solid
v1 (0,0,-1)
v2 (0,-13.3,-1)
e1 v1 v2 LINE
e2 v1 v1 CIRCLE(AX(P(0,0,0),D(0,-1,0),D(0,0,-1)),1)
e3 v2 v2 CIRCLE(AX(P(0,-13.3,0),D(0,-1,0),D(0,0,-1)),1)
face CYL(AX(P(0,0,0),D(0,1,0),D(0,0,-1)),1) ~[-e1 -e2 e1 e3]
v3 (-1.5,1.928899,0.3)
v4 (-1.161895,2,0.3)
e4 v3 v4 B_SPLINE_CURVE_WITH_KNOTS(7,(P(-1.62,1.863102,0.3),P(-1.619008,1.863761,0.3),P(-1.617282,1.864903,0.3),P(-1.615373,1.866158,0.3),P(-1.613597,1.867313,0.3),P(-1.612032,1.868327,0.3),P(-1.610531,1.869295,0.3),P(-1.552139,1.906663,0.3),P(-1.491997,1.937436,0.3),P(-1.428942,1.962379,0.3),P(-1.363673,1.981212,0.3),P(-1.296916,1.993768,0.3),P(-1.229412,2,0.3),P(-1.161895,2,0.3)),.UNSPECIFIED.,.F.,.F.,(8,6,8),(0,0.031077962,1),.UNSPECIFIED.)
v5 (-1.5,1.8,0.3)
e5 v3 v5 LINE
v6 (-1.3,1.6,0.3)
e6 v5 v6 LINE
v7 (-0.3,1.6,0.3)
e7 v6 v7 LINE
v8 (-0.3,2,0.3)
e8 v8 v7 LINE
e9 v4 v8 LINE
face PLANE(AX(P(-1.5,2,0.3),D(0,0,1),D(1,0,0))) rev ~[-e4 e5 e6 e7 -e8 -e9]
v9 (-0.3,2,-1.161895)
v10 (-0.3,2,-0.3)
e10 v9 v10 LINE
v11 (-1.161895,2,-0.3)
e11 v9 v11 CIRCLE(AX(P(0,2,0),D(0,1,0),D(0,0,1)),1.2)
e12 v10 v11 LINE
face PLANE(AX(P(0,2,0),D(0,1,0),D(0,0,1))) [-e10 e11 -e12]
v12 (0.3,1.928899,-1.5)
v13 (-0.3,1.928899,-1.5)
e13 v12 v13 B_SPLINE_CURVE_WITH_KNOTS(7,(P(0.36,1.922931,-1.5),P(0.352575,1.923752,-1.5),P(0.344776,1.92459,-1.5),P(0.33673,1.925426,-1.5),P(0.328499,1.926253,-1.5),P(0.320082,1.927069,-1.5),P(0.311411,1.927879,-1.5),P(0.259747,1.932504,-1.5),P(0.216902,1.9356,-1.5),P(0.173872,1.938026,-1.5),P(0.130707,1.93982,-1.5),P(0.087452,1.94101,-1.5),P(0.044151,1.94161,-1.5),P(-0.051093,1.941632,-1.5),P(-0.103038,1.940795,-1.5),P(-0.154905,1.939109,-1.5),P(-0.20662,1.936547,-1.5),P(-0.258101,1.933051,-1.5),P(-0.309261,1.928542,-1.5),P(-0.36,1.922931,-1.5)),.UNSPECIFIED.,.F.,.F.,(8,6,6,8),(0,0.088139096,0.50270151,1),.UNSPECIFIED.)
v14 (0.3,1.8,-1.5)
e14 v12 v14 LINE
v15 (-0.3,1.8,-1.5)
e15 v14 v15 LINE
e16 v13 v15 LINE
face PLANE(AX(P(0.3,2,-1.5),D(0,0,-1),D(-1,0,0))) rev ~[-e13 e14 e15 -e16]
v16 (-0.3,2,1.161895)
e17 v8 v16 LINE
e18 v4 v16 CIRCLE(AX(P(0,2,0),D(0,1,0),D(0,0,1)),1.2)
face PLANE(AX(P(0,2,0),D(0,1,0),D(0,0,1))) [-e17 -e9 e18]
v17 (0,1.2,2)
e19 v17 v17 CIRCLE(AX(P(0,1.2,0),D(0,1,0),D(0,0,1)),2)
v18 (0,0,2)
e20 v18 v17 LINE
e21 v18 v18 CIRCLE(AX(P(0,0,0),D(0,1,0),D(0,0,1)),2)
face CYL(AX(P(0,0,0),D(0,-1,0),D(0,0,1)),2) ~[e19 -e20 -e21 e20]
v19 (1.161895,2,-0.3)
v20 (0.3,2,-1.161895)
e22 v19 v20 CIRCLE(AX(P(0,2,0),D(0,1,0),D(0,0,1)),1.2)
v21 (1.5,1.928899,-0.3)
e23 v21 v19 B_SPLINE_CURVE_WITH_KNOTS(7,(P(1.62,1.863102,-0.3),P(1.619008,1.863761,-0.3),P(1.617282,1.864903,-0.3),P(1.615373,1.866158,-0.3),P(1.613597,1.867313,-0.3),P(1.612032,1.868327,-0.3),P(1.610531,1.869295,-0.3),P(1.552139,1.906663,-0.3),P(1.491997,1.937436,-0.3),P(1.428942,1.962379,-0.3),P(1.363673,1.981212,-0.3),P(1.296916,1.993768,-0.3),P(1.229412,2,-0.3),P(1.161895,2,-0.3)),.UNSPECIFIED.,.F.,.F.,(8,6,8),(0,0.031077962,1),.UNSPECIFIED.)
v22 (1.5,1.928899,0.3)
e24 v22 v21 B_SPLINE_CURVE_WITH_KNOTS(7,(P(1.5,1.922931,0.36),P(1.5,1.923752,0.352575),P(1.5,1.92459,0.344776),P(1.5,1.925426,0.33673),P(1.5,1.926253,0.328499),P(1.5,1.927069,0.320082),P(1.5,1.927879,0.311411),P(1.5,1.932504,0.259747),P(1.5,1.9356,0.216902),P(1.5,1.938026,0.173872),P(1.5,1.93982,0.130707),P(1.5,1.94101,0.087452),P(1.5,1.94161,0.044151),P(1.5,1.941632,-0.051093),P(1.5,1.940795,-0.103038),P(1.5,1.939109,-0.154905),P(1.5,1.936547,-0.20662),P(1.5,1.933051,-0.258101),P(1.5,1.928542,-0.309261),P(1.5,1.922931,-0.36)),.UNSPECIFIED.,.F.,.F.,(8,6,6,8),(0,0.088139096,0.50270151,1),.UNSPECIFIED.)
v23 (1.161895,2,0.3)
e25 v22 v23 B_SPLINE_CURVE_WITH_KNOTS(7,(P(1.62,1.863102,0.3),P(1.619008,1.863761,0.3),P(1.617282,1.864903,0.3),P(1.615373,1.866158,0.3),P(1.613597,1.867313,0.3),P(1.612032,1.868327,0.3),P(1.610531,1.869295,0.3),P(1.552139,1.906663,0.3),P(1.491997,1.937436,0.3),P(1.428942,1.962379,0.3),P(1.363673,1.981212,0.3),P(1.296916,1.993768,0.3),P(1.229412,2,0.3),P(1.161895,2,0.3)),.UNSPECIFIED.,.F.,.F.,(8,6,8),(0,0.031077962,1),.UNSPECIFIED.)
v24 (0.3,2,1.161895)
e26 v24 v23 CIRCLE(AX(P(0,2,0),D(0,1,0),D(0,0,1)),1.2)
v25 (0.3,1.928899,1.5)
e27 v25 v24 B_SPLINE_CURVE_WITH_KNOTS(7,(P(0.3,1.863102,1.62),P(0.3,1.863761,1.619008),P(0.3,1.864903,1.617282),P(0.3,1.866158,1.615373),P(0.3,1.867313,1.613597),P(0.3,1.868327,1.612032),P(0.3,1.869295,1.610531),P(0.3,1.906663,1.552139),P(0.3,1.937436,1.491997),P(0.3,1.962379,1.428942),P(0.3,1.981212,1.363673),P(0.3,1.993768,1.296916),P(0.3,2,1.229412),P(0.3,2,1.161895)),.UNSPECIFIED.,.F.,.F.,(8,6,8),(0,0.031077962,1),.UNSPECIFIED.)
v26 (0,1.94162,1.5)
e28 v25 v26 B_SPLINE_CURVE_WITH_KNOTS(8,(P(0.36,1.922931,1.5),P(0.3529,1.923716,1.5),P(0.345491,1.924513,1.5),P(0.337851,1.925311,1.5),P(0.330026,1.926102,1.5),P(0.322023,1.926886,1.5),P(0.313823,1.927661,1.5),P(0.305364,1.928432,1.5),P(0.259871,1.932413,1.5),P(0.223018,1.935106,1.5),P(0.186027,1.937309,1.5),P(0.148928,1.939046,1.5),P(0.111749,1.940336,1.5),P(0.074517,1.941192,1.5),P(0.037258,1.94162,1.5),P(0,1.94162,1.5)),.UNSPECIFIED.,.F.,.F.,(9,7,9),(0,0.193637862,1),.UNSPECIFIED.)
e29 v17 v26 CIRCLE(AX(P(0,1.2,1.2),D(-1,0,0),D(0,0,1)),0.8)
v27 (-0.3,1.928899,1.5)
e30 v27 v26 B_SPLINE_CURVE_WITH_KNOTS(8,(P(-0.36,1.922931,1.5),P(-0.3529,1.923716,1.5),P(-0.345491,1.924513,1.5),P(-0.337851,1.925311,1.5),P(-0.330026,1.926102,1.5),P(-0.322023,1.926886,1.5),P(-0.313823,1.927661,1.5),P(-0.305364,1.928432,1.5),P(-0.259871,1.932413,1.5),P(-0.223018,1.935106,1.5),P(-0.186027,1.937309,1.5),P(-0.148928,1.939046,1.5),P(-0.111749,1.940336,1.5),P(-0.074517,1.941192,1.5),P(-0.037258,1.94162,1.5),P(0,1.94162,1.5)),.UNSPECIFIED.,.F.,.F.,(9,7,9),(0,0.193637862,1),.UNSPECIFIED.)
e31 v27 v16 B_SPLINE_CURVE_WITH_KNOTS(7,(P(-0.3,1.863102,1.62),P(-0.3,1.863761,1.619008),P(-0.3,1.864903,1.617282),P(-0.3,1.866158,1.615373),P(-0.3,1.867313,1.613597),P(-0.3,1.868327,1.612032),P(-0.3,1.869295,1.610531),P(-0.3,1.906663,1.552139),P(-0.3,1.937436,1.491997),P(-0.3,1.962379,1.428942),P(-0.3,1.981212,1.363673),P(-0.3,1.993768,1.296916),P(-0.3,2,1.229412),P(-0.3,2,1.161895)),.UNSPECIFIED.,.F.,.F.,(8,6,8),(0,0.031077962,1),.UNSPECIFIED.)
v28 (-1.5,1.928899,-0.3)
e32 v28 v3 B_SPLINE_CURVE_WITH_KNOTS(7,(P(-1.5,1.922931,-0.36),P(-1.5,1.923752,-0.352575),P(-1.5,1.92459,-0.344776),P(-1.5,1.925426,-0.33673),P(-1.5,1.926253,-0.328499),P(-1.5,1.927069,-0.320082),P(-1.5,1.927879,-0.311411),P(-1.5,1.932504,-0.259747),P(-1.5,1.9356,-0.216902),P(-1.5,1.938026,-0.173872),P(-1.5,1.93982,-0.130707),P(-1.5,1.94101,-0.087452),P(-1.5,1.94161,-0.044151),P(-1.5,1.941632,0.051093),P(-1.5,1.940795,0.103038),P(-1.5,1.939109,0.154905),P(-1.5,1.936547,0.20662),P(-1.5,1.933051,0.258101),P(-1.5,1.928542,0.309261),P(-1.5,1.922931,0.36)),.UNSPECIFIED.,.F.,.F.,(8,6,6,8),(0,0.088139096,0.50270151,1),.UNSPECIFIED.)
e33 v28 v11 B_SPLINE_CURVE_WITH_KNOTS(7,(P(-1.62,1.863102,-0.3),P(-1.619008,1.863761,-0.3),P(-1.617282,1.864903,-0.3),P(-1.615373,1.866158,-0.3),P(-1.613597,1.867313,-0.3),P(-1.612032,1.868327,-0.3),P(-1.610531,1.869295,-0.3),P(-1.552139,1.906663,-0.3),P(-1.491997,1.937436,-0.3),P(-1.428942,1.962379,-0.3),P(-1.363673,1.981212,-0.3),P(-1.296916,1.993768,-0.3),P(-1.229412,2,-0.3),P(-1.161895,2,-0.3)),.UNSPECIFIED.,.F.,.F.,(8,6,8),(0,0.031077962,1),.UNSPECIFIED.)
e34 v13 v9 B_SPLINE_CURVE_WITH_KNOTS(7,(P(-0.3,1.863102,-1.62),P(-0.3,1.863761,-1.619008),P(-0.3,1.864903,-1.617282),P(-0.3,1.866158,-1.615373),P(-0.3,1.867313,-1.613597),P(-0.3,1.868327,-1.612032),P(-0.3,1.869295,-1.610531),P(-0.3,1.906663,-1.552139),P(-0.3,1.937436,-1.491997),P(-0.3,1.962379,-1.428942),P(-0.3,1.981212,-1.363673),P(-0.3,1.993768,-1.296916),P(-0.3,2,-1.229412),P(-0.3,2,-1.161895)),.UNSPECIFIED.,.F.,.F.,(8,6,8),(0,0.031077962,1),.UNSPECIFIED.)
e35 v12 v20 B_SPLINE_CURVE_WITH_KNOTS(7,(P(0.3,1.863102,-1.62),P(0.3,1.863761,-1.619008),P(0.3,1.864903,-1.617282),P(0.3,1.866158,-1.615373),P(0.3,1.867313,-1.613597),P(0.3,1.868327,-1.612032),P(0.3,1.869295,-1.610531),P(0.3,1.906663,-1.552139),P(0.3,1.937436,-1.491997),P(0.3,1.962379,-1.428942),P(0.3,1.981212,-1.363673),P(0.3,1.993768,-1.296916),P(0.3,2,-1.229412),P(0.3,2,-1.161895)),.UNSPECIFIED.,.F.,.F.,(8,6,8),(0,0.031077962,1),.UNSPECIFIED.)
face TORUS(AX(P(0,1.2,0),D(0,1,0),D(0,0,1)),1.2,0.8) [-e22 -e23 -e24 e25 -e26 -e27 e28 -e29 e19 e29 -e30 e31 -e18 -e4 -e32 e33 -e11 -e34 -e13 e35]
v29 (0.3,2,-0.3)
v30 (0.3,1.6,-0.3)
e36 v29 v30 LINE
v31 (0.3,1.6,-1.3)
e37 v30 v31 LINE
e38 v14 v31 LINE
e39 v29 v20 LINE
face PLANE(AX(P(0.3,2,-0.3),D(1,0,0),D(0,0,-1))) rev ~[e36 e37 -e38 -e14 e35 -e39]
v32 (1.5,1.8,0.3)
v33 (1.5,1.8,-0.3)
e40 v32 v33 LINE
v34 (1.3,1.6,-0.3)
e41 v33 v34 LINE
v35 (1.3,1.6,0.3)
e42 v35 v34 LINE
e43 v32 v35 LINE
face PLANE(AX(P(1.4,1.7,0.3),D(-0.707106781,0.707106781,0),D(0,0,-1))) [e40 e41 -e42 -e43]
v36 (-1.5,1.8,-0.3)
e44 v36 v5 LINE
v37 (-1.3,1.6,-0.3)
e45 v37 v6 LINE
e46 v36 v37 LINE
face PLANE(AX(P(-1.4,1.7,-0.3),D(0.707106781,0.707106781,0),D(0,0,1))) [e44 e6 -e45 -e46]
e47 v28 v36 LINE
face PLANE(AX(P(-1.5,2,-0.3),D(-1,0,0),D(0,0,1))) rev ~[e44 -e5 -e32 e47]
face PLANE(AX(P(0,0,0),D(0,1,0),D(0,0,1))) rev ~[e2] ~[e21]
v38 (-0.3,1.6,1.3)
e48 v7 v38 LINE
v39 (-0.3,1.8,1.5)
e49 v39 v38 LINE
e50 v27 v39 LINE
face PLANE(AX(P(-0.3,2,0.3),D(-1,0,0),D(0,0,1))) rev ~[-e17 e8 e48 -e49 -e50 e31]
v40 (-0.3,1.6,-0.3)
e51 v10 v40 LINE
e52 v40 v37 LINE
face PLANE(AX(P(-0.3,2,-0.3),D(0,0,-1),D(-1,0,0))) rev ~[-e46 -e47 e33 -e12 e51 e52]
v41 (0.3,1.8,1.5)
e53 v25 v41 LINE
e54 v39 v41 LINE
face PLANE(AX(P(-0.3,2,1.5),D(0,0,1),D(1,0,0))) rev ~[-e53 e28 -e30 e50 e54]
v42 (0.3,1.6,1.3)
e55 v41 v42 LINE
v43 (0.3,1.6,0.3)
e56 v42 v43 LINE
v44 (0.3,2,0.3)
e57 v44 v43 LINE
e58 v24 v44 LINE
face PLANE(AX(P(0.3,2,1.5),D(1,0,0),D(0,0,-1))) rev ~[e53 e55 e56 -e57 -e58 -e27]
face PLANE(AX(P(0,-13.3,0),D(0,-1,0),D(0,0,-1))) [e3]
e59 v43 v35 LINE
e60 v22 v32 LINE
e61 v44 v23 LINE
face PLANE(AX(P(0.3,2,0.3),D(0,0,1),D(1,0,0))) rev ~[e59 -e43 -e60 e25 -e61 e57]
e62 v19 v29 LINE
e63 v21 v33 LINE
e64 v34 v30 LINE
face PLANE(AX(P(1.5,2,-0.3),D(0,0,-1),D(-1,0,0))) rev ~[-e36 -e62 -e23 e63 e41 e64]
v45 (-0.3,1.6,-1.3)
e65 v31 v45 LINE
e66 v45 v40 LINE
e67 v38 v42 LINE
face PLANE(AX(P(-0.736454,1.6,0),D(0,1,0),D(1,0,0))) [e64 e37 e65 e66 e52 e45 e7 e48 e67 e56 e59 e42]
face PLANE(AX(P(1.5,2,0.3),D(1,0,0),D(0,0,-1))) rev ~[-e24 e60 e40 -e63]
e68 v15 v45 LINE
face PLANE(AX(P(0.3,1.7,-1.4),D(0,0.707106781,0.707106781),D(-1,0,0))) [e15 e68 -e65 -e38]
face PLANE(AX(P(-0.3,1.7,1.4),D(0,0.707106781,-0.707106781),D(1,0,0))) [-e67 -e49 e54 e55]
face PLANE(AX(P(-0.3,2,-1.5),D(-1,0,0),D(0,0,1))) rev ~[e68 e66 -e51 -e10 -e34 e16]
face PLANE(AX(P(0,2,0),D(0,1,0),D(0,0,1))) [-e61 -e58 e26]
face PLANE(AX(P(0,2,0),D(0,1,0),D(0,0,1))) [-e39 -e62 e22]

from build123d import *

# Parameters (mm, degrees)
SKETCH1_R           = 2
BOSS_EXTRUDE1_DEPTH = 2
FILLET1_R           = 0.8
SKETCH2_W           = 0.6
SKETCH2_H           = 0.6
CUT_EXTRUDE1_DEPTH  = 0.4
CHAMFER1_SIZE       = 0.2
SKETCH3_R           = 1
BOSS_EXTRUDE2_DEPTH = 13.3


with BuildPart() as part:
    # Sketch1 → Boss-Extrude1 (new body)
    with BuildSketch(Plane(origin=(0, 0, 0), x_dir=(1, 0, 0), z_dir=(0, 1, 0))):
        with Locations(Location((0, 0, 0), (0, 0, 270))):
            Circle(SKETCH1_R)
    extrude(amount=BOSS_EXTRUDE1_DEPTH)

    # Fillet1
    fillet1_edges = [part.edges().sort_by_distance(p)[0] for p in [
        (0, 2, -2),
    ]]
    fillet(fillet1_edges, radius=FILLET1_R)

    # Sketch2 → Cut-Extrude1 (cut)
    with BuildSketch(Plane(origin=(0, 2, 0), x_dir=(1, 0, 0), z_dir=(0, 1, 0))):
        with BuildLine():
            Line((-0.3, 0.3), (-1.161895004, 0.3))
            ThreePointArc((-1.161895004, 0.3), (-1.2, 0), (-1.161895004, -0.3))
            Line((-1.161895004, -0.3), (-0.3, -0.3))
            Line((-0.3, -0.3), (-0.3, 0.3))
        make_face()
        with BuildLine():
            Line((-0.3, 1.161895004), (-0.3, 0.3))
            Line((-0.3, 0.3), (0.3, 0.3))
            Line((0.3, 0.3), (0.3, 1.161895004))
            ThreePointArc((0.3, 1.161895004), (0, 1.2), (-0.3, 1.161895004))
        make_face()
        with BuildLine():
            Line((-1.161895004, 0.3), (-1.5, 0.3))
            Line((-1.5, 0.3), (-1.5, -0.3))
            Line((-1.5, -0.3), (-1.161895004, -0.3))
            ThreePointArc((-1.161895004, -0.3), (-1.2, 0), (-1.161895004, 0.3))
        make_face()
        with BuildLine():
            Line((-0.3, 1.5), (-0.3, 1.161895004))
            ThreePointArc((-0.3, 1.161895004), (0, 1.2), (0.3, 1.161895004))
            Line((0.3, 1.161895004), (0.3, 1.5))
            Line((0.3, 1.5), (-0.3, 1.5))
        make_face()
        with BuildLine():
            Line((1.161895004, 0.3), (0.3, 0.3))
            Line((0.3, 0.3), (0.3, -0.3))
            Line((0.3, -0.3), (1.161895004, -0.3))
            ThreePointArc((1.161895004, -0.3), (1.190435636, -0.151205151), (1.2, 0))
            ThreePointArc((1.2, 0), (1.190435636, 0.151205151), (1.161895004, 0.3))
        make_face()
        with BuildLine():
            Line((1.5, 0.3), (1.161895004, 0.3))
            ThreePointArc((1.161895004, 0.3), (1.190435636, 0.151205151), (1.2, 0))
            ThreePointArc((1.2, 0), (1.190435636, -0.151205151), (1.161895004, -0.3))
            Line((1.161895004, -0.3), (1.5, -0.3))
            Line((1.5, -0.3), (1.5, 0.3))
        make_face()
        Rectangle(SKETCH2_W, SKETCH2_H)
        with BuildLine():
            Line((0.3, -0.3), (-0.3, -0.3))
            Line((-0.3, -0.3), (-0.3, -1.161895004))
            ThreePointArc((-0.3, -1.161895004), (0, -1.2), (0.3, -1.161895004))
            Line((0.3, -1.161895004), (0.3, -0.3))
        make_face()
        with BuildLine():
            ThreePointArc((0.3, -1.161895004), (0, -1.2), (-0.3, -1.161895004))
            Line((-0.3, -1.161895004), (-0.3, -1.5))
            Line((-0.3, -1.5), (0.3, -1.5))
            Line((0.3, -1.5), (0.3, -1.161895004))
        make_face()
    extrude(amount=-CUT_EXTRUDE1_DEPTH, mode=Mode.SUBTRACT)

    # Chamfer1
    chamfer1_edges = [part.edges().sort_by_distance(p)[0] for p in [
        (-1.5, 1.6, 0),
        (0, 1.6, 1.5),
        (0, 1.6, -1.5),
        (1.5, 1.6, 0),
    ]]
    chamfer(chamfer1_edges, length=CHAMFER1_SIZE)

    # Sketch3 → Boss-Extrude2 (add)
    with BuildSketch(Plane.XZ):
        with Locations(Location((0, 0, 0), (0, 0, 270))):
            Circle(SKETCH3_R)
    extrude(amount=BOSS_EXTRUDE2_DEPTH)


solid = part.part
